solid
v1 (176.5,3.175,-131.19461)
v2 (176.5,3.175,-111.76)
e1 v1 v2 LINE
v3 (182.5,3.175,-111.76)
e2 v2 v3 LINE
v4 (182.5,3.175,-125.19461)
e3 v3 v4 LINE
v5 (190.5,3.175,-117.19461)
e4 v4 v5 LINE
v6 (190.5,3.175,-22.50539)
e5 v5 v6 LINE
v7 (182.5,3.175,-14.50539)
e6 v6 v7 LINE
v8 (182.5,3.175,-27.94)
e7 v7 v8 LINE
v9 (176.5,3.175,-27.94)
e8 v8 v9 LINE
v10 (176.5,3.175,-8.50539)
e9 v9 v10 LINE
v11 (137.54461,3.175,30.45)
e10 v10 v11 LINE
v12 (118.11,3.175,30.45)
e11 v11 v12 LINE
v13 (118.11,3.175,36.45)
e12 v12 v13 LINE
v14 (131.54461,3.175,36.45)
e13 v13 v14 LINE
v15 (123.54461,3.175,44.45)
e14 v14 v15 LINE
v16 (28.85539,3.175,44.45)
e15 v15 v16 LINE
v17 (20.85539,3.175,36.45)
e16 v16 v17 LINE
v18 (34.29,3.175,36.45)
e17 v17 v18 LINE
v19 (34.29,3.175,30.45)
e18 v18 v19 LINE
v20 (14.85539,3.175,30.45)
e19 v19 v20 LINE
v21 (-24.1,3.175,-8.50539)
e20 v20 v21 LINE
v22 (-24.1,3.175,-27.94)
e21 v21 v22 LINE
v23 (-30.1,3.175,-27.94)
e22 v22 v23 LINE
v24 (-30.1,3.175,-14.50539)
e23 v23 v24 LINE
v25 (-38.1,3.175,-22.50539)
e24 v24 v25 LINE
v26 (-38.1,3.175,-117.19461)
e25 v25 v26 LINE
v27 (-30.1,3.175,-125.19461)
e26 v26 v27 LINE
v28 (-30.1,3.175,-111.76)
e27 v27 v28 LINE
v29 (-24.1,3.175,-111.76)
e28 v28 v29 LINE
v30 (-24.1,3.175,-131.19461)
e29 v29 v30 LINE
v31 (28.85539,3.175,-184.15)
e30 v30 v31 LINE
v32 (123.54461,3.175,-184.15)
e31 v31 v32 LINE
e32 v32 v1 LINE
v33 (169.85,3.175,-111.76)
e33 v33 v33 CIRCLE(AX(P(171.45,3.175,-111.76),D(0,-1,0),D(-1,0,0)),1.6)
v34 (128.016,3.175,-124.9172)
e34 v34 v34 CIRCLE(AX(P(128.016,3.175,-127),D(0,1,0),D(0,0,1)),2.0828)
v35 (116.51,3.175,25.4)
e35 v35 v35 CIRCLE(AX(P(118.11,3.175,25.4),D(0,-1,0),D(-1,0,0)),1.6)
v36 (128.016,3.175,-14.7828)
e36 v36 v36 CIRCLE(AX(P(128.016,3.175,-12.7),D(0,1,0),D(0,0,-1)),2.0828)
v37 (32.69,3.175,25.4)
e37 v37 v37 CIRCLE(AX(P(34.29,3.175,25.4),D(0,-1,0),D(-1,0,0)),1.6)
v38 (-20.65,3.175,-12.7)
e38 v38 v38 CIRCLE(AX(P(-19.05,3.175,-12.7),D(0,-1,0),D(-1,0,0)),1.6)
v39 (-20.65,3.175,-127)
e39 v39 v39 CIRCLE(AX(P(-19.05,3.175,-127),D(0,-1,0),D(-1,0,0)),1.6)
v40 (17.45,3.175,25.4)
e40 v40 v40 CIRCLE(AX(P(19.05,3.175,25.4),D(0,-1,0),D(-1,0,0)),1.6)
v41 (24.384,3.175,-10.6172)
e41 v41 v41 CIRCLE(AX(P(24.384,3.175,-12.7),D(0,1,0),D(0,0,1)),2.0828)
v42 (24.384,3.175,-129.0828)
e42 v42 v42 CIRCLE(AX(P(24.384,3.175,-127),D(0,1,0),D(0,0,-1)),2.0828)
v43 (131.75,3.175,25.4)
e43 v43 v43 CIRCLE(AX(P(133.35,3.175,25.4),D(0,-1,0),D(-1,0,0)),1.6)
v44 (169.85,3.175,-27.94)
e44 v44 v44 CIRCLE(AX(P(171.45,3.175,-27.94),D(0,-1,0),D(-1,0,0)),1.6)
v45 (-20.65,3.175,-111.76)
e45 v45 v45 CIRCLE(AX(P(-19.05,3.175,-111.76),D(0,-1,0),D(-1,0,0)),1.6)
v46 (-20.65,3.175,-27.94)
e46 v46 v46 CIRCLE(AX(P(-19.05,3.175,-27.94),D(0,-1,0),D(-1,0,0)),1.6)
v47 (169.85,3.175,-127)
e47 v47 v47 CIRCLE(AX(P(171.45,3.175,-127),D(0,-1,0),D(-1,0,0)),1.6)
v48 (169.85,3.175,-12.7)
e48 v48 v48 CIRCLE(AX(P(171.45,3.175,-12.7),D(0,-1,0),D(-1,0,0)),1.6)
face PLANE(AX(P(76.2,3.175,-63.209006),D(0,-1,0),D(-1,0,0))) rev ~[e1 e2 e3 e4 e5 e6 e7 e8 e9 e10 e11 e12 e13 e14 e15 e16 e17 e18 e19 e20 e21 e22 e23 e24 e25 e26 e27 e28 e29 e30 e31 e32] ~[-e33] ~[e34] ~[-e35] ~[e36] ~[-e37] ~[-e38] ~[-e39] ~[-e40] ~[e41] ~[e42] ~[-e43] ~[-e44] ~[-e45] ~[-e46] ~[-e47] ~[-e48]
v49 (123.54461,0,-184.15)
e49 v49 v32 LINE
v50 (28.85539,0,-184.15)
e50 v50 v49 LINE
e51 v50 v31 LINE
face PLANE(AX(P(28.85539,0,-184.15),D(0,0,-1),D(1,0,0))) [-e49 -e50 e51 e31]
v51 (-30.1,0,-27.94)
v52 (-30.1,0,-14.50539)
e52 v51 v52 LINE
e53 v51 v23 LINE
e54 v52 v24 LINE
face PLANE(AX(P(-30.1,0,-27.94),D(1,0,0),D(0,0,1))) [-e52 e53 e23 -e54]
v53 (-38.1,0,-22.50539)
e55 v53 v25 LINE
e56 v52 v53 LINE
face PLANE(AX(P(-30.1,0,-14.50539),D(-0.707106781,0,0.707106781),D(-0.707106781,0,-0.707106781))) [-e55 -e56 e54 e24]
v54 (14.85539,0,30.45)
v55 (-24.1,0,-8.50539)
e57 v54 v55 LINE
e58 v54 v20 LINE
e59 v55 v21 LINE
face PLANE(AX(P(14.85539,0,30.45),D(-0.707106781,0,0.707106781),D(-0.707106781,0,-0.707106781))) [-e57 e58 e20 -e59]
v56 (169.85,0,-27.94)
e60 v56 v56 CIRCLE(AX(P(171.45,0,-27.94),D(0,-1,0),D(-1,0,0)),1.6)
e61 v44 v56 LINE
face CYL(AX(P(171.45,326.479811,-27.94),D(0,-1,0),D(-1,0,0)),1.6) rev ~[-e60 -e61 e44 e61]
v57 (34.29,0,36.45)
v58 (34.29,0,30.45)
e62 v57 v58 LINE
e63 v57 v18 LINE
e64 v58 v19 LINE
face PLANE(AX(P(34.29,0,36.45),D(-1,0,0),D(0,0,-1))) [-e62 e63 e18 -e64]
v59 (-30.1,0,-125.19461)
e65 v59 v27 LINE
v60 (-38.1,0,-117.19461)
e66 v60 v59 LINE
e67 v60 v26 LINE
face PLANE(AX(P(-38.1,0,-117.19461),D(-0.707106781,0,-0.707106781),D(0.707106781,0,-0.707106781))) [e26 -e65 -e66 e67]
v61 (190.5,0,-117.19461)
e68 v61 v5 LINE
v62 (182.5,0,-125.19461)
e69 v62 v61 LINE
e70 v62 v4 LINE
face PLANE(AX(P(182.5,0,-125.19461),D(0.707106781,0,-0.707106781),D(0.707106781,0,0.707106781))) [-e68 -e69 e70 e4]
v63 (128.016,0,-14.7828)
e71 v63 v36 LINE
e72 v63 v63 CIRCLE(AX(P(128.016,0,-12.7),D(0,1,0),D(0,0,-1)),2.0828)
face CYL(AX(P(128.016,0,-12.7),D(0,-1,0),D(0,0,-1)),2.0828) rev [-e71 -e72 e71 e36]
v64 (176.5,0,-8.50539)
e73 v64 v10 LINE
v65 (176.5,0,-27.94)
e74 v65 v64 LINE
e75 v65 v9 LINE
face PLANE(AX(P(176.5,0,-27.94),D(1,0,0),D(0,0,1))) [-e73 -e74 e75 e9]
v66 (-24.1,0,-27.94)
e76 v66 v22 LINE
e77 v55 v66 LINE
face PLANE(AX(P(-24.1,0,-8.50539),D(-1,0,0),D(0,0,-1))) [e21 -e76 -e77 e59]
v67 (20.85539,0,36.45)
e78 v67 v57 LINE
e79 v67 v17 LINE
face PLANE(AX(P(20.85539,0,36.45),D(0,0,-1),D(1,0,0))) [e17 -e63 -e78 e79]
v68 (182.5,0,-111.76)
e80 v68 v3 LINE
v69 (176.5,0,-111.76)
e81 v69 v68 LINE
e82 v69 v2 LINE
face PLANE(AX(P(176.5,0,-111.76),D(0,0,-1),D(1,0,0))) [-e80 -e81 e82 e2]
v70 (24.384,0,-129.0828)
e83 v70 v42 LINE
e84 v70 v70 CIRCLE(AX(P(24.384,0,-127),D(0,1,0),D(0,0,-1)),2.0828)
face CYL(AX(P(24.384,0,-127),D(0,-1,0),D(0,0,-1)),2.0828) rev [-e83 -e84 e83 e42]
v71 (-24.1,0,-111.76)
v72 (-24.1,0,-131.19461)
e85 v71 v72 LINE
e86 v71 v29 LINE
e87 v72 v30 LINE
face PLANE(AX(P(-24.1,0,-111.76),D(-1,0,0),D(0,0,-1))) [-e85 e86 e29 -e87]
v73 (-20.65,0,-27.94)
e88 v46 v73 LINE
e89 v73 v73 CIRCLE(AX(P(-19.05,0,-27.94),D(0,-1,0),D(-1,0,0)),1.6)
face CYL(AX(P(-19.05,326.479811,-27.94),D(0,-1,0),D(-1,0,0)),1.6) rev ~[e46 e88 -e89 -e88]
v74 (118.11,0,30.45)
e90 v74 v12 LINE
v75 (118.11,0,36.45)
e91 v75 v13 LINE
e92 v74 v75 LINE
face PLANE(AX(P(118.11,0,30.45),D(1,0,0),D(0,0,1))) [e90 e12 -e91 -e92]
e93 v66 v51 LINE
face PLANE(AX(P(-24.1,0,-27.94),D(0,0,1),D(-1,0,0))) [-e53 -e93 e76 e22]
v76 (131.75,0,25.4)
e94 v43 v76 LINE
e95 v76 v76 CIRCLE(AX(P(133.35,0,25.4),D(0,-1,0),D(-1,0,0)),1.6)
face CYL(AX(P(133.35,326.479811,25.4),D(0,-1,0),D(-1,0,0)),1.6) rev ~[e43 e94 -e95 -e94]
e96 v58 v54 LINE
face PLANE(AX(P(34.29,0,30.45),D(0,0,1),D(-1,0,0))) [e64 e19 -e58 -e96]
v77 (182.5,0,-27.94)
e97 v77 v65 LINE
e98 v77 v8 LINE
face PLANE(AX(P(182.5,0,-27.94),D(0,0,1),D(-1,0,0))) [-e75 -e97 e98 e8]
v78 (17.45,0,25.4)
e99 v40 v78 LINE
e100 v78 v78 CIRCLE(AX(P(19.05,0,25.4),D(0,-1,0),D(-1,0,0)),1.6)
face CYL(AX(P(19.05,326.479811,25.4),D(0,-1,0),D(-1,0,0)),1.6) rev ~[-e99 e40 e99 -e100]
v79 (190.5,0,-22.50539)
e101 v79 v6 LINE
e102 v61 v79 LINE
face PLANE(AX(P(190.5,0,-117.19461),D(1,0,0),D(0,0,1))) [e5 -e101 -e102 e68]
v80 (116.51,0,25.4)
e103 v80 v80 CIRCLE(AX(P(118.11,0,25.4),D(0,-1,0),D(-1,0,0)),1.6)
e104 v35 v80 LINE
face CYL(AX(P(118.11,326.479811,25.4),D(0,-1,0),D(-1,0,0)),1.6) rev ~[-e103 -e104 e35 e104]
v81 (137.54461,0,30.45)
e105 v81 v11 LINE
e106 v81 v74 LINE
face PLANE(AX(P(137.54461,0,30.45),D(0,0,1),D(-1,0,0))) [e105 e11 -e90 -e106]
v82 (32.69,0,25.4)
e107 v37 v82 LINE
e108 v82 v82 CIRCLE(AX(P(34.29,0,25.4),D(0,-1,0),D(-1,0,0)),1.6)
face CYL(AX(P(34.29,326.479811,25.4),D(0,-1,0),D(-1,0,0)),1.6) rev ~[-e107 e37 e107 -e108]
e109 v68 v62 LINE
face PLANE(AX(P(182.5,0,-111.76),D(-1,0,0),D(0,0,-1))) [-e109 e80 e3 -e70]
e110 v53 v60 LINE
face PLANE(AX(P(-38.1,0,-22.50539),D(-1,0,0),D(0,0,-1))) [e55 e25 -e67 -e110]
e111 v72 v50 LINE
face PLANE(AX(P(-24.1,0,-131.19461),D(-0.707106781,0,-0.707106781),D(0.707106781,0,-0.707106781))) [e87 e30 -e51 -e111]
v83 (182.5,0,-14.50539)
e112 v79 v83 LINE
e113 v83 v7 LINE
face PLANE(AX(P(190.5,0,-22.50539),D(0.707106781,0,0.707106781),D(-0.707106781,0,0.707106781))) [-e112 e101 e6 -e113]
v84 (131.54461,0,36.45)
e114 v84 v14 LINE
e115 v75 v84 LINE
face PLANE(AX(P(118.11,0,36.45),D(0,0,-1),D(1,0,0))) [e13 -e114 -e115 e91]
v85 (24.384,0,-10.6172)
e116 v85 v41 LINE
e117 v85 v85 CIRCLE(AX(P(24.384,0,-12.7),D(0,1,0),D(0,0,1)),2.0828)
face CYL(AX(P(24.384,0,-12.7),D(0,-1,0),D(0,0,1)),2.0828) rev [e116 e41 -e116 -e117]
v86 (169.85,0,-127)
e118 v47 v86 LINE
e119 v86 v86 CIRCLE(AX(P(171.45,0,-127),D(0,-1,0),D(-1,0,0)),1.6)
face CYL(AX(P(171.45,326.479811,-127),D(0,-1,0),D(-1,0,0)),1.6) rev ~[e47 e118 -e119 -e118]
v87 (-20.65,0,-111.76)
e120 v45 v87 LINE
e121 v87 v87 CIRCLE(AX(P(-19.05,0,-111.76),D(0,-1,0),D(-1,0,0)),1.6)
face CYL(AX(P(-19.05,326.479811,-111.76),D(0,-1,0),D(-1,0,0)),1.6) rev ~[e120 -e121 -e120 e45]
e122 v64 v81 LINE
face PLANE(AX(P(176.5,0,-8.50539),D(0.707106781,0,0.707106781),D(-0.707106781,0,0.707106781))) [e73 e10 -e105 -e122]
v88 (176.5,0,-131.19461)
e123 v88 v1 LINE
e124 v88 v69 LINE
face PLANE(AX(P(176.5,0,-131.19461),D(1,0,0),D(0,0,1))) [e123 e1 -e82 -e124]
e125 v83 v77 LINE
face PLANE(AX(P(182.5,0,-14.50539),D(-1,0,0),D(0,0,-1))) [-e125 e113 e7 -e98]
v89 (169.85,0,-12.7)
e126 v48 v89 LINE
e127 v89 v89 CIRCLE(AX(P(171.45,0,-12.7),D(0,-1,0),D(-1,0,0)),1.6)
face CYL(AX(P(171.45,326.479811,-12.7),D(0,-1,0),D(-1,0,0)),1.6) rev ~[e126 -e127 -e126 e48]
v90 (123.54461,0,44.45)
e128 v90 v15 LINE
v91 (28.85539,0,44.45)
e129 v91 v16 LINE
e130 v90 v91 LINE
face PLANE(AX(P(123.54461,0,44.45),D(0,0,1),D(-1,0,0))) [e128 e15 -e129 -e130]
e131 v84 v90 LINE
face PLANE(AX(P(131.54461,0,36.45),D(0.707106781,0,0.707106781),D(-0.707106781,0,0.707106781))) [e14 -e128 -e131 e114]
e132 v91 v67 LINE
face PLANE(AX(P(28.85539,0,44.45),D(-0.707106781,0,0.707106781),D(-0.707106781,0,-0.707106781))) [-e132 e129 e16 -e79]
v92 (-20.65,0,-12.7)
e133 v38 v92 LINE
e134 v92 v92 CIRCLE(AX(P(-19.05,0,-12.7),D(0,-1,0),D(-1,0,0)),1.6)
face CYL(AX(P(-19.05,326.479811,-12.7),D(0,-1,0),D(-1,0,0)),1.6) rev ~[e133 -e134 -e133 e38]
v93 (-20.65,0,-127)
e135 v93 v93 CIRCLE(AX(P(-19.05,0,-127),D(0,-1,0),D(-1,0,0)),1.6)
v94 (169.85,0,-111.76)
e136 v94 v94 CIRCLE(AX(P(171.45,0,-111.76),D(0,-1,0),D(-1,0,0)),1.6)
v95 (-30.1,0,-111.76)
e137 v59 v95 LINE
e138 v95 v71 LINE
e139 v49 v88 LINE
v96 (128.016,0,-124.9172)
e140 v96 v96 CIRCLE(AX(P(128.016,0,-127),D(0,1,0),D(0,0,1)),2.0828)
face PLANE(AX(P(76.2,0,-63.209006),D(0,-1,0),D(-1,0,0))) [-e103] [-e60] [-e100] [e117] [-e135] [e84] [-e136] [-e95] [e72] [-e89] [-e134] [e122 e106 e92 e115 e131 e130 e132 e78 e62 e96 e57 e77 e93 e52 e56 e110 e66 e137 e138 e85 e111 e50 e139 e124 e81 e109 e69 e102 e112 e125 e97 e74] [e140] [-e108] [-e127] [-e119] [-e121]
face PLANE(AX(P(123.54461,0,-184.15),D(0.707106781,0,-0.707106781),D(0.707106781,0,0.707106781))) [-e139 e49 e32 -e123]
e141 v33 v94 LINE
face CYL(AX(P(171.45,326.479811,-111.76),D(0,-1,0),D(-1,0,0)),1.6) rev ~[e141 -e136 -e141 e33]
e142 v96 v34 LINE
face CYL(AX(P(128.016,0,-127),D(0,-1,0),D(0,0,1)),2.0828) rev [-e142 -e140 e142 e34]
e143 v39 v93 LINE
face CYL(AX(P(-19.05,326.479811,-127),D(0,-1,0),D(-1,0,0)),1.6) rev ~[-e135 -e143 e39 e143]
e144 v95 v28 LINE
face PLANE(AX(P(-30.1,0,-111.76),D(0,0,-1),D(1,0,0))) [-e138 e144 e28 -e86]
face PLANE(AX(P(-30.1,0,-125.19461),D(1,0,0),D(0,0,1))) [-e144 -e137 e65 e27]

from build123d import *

# Parameters (mm, degrees)
SKETCH1_R            = 2.0828
BOSS_EXTRUDE1_DEPTH  = 3.175
M3_CLEARANCE_HOLE1_D = 3.2


with BuildPart() as part:
    # Sketch1 → Boss-Extrude1 (new body)
    with BuildSketch(Plane(origin=(0, 0, 0), x_dir=(1, 0, 0), z_dir=(0, 1, 0))):
        Polygon((28.855389821, 184.15), (123.544610179, 184.15), (176.5, 131.194610179), (176.5, 111.76), (182.5, 111.76), (182.5, 125.194610179), (190.5, 117.194610179), (190.5, 22.505389821), (182.5, 14.505389821), (182.5, 27.94), (176.5, 27.94), (176.5, 8.505389821), (137.544610179, -30.45), (118.11, -30.45), (118.11, -36.45), (131.544610179, -36.45), (123.544610179, -44.45), (28.855389821, -44.45), (20.855389821, -36.45), (34.29, -36.45), (34.29, -30.45), (14.855389821, -30.45), (-24.1, 8.505389821), (-24.1, 27.94), (-30.1, 27.94), (-30.1, 14.505389821), (-38.1, 22.505389821), (-38.1, 117.194610179), (-30.1, 125.194610179), (-30.1, 111.76), (-24.1, 111.76), (-24.1, 131.194610179), align=None)
        with Locations(Location((24.384, 12.7, 0), (0, 0, 270))):
            Circle(SKETCH1_R, mode=Mode.SUBTRACT)
        with Locations(Location((128.016, 12.7, 0), (0, 0, 90))):
            Circle(SKETCH1_R, mode=Mode.SUBTRACT)
        with Locations(Location((128.016, 127, 0), (0, 0, 270))):
            Circle(SKETCH1_R, mode=Mode.SUBTRACT)
        with Locations(Location((24.384, 127, 0), (0, 0, 90))):
            Circle(SKETCH1_R, mode=Mode.SUBTRACT)
    extrude(amount=BOSS_EXTRUDE1_DEPTH)

    # M3 Clearance Hole1 (through all)
    with Locations(Plane(origin=(0, 3.175, 0), x_dir=(1, 0, 0), z_dir=(0, 1, 0))):
        with Locations((-19.05, 127), (-19.05, 111.76), (-19.05, 27.94), (-19.05, 12.7), (171.45, 127), (171.45, 111.76), (171.45, 27.94), (171.45, 12.7), (133.35, -25.4), (118.11, -25.4), (34.29, -25.4), (19.05, -25.4)):
            Hole(M3_CLEARANCE_HOLE1_D / 2)


solid = part.part
